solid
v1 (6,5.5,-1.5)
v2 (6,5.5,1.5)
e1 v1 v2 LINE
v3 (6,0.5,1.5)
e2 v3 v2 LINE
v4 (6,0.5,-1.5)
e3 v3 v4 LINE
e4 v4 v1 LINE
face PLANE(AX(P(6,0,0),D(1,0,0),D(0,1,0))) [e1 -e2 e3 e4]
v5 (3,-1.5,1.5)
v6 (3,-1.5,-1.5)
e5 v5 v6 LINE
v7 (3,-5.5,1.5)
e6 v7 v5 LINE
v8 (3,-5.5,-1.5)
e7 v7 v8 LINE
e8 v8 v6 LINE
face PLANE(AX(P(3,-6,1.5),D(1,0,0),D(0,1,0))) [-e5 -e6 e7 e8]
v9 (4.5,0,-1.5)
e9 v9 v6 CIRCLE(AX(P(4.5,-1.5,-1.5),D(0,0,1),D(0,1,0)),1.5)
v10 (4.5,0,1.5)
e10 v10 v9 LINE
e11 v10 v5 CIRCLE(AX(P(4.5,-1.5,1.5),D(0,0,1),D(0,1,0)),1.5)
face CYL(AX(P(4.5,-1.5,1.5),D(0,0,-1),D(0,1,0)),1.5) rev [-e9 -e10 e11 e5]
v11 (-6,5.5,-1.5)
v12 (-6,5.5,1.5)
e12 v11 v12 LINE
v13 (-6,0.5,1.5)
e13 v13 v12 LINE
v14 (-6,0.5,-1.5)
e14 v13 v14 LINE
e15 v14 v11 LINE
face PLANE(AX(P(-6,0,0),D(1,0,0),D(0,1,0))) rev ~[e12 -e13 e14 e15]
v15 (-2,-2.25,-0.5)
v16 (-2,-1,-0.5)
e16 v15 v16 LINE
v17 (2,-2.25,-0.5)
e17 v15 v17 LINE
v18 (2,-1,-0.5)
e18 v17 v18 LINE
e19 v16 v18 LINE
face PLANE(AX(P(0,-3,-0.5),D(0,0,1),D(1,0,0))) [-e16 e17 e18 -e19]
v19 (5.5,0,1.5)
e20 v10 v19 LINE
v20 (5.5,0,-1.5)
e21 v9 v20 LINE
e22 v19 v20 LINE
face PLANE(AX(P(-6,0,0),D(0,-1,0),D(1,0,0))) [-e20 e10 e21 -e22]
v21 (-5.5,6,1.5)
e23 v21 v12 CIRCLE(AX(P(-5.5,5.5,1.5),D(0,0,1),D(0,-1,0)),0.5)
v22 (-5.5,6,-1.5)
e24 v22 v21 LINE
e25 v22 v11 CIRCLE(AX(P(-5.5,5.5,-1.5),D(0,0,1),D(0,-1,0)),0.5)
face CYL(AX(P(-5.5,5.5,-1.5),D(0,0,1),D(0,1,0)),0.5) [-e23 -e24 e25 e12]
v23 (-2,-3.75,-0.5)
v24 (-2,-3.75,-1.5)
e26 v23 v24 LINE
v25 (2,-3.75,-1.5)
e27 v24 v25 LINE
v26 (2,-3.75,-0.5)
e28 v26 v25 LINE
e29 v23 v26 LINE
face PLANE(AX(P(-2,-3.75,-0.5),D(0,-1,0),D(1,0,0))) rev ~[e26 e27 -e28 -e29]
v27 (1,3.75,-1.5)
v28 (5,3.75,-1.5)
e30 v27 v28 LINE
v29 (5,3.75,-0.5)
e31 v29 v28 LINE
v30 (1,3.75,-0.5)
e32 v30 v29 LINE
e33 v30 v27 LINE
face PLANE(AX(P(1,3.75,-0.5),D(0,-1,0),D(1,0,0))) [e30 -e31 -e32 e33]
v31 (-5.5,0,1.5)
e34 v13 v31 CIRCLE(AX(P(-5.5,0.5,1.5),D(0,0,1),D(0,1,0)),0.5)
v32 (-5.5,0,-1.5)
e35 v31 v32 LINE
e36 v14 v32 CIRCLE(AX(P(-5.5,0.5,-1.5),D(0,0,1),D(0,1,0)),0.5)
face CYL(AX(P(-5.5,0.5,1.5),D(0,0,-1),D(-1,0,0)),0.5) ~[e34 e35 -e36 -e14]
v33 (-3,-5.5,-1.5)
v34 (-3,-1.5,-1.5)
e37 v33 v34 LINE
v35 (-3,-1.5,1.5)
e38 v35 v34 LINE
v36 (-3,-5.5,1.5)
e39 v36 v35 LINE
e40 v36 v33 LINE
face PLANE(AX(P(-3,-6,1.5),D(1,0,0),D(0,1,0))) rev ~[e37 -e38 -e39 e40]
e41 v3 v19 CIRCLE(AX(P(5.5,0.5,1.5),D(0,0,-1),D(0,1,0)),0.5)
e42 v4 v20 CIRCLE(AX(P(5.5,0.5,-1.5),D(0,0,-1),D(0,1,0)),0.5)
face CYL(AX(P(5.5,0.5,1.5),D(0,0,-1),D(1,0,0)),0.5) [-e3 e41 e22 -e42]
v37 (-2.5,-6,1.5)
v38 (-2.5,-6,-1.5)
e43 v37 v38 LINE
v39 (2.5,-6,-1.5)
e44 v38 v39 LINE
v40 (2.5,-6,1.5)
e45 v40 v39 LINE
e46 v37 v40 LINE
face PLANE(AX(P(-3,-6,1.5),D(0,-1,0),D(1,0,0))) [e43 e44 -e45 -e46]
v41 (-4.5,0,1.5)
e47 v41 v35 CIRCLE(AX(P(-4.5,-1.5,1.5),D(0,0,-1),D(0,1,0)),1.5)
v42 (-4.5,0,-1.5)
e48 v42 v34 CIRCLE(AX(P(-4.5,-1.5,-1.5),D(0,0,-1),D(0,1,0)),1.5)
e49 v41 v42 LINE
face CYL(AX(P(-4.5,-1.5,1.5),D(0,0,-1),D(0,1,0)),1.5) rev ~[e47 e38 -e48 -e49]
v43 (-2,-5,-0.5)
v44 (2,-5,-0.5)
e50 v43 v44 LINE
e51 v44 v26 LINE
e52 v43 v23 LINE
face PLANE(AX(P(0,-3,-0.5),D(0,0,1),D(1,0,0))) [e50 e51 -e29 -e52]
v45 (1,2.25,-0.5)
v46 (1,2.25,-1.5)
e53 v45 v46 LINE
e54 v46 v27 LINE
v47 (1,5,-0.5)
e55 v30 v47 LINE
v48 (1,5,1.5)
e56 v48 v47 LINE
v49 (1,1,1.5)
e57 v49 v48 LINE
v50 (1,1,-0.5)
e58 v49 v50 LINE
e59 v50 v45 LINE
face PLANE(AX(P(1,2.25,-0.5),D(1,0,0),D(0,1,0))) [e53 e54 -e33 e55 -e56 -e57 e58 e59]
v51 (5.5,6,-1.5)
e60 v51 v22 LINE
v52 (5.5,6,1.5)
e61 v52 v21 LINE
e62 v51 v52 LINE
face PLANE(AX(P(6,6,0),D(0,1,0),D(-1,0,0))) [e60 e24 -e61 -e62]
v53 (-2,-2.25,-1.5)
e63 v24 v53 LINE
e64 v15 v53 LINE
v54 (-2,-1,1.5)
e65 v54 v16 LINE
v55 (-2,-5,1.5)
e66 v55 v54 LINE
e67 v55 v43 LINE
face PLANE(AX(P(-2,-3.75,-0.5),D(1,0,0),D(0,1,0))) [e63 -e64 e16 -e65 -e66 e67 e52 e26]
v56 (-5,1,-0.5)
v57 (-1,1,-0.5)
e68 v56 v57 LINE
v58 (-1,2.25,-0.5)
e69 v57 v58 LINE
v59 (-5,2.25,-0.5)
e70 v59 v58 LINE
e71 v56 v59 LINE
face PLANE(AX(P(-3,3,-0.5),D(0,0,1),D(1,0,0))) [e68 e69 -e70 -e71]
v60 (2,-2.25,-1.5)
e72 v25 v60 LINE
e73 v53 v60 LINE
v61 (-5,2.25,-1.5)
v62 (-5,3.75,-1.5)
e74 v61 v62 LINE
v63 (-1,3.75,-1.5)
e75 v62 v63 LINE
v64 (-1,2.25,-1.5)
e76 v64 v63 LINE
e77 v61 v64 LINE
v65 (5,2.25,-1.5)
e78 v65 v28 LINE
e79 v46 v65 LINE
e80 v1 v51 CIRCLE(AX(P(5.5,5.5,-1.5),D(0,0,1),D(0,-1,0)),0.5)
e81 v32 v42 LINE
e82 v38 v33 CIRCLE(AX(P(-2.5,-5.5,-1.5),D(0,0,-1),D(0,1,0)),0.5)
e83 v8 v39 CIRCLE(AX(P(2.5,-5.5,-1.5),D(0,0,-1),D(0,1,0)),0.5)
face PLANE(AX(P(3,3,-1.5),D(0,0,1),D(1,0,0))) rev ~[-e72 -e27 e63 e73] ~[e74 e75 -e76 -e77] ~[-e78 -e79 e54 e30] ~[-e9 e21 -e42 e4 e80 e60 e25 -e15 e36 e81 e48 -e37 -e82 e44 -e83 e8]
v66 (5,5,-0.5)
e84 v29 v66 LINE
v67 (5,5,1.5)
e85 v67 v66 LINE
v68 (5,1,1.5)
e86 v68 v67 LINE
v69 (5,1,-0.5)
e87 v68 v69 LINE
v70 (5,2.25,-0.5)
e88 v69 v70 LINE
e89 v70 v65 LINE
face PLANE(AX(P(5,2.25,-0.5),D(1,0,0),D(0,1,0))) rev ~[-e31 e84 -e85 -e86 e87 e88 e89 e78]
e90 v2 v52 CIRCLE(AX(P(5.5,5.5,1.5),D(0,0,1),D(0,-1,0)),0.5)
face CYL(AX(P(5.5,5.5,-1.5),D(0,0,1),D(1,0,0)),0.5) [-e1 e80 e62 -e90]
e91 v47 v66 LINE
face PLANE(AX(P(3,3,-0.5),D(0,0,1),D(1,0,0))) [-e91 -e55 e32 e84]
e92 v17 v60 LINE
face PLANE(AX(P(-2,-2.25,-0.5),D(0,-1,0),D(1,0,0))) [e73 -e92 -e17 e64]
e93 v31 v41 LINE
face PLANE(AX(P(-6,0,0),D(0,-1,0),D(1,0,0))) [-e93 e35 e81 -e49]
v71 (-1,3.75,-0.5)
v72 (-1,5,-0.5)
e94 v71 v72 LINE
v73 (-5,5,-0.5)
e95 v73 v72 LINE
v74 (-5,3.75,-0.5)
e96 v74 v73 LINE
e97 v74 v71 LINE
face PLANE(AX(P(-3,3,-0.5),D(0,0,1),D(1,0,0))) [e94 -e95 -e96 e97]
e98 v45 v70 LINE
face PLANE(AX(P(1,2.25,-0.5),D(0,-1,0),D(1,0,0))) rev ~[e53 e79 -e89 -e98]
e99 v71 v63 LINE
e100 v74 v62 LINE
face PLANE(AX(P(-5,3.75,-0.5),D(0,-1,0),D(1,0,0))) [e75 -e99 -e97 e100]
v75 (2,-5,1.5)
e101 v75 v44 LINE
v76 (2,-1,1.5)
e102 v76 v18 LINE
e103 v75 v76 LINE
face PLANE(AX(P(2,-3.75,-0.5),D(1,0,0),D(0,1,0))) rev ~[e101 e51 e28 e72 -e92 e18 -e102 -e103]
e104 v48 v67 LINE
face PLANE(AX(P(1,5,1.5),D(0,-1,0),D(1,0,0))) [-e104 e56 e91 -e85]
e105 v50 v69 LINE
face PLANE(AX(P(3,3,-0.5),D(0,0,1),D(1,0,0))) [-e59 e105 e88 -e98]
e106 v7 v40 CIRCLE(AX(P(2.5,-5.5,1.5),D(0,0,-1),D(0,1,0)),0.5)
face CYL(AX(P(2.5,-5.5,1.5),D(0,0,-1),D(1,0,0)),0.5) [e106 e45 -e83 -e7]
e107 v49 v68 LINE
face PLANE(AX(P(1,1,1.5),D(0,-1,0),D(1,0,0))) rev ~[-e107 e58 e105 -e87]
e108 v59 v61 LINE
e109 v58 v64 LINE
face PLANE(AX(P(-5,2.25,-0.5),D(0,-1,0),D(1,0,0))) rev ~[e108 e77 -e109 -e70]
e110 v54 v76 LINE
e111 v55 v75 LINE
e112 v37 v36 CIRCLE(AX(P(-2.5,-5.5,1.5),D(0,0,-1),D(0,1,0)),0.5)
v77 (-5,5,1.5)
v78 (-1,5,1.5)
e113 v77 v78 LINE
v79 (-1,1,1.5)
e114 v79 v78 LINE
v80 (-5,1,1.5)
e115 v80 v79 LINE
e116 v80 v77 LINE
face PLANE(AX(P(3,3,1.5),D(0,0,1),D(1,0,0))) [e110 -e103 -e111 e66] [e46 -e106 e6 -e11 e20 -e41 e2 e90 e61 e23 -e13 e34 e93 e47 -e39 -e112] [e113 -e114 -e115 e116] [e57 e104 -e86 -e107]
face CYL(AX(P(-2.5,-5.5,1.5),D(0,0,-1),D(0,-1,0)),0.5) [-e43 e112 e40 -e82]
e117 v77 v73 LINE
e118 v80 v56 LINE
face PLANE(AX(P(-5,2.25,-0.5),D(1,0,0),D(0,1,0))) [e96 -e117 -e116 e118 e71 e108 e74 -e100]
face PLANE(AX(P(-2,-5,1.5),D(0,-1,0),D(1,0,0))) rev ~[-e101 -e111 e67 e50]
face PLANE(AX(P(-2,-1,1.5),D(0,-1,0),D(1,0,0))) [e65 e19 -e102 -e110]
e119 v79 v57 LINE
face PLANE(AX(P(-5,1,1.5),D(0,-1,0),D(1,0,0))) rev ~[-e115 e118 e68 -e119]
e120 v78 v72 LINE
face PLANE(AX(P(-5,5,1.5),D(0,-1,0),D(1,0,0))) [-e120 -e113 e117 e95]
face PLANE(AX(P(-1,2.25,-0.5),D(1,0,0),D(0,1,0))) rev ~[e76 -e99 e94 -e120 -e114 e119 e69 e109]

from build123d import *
from OCP.BRepFilletAPI import BRepFilletAPI_MakeFillet

# Parameters (mm, degrees)
SKETCH1_W           = 6
SKETCH1_H           = 6
BOSS_EXTRUDE1_DEPTH = 1.5
SKETCH5_W           = 6
SKETCH5_H           = 6
BOSS_EXTRUDE2_DEPTH = 3
SKETCH2_W           = 4
SKETCH2_H           = 4
CUT_EXTRUDE1_DEPTH  = 2
SKETCH10_W          = 4
SKETCH10_H          = 1.5
CUT_EXTRUDE3_DEPTH  = 9.717797887
FILLET7_R1          = 0.5
FILLET7_R2          = 1.5


with BuildPart() as part:
    # Sketch1 → Boss-Extrude1 (new, symmetric)
    with BuildSketch(Plane.XY):
        with Locations((3, 3)):
            Rectangle(SKETCH1_W, SKETCH1_H)
        with Locations((-3, 3)):
            Rectangle(SKETCH1_W, SKETCH1_H)
    extrude(amount=BOSS_EXTRUDE1_DEPTH, both=True)

    # Sketch5 → Boss-Extrude2 (add)
    with BuildSketch(Plane.XY.offset(1.5)):
        with Locations((0, -3)):
            Rectangle(SKETCH5_W, SKETCH5_H)
    extrude(amount=-BOSS_EXTRUDE2_DEPTH)

    # Sketch2 → Cut-Extrude1 (cut)
    with BuildSketch(Plane.XY.offset(1.5)):
        with Locations((3, 3)):
            Rectangle(SKETCH2_W, SKETCH2_H)
        with Locations((-3, 3)):
            Rectangle(SKETCH2_W, SKETCH2_H)
        with Locations((0, -3)):
            Rectangle(SKETCH2_W, SKETCH2_H)
    extrude(amount=-CUT_EXTRUDE1_DEPTH, mode=Mode.SUBTRACT)

    # Sketch10 → Cut-Extrude3 (cut, through all)
    with BuildSketch(Plane.XY.offset(-0.5)):
        with Locations((0, -3)):
            Rectangle(SKETCH10_W, SKETCH10_H)
        with Locations((3, 3)):
            Rectangle(SKETCH10_W, SKETCH10_H)
        with Locations((-3, 3)):
            Rectangle(SKETCH10_W, SKETCH10_H)
    extrude(amount=-CUT_EXTRUDE3_DEPTH, mode=Mode.SUBTRACT)

    # Fillet7: one fillet with a radius per group of edges: ONE call of the kernel's fillet builder (fillet() takes one radius for all edges)
    fillet7_edges_1 = [part.edges().sort_by_distance(p)[0] for p in [
        (6, 0, 0),
        (3, -6, 0),
        (6, 6, 0),
        (-6, 6, 0),
        (-6, 0, 0),
        (-3, -6, 0),
    ]]
    fillet7_edges_2 = [part.edges().sort_by_distance(p)[0] for p in [
        (3, 0, 0),
        (-3, 0, 0),
    ]]
    fillet7 = BRepFilletAPI_MakeFillet(part.part.solid().wrapped)
    for e in fillet7_edges_1:
        fillet7.Add(FILLET7_R1, e.wrapped)
    for e in fillet7_edges_2:
        fillet7.Add(FILLET7_R2, e.wrapped)
    add(Compound.cast(fillet7.Shape()), mode=Mode.REPLACE)


solid = part.part
